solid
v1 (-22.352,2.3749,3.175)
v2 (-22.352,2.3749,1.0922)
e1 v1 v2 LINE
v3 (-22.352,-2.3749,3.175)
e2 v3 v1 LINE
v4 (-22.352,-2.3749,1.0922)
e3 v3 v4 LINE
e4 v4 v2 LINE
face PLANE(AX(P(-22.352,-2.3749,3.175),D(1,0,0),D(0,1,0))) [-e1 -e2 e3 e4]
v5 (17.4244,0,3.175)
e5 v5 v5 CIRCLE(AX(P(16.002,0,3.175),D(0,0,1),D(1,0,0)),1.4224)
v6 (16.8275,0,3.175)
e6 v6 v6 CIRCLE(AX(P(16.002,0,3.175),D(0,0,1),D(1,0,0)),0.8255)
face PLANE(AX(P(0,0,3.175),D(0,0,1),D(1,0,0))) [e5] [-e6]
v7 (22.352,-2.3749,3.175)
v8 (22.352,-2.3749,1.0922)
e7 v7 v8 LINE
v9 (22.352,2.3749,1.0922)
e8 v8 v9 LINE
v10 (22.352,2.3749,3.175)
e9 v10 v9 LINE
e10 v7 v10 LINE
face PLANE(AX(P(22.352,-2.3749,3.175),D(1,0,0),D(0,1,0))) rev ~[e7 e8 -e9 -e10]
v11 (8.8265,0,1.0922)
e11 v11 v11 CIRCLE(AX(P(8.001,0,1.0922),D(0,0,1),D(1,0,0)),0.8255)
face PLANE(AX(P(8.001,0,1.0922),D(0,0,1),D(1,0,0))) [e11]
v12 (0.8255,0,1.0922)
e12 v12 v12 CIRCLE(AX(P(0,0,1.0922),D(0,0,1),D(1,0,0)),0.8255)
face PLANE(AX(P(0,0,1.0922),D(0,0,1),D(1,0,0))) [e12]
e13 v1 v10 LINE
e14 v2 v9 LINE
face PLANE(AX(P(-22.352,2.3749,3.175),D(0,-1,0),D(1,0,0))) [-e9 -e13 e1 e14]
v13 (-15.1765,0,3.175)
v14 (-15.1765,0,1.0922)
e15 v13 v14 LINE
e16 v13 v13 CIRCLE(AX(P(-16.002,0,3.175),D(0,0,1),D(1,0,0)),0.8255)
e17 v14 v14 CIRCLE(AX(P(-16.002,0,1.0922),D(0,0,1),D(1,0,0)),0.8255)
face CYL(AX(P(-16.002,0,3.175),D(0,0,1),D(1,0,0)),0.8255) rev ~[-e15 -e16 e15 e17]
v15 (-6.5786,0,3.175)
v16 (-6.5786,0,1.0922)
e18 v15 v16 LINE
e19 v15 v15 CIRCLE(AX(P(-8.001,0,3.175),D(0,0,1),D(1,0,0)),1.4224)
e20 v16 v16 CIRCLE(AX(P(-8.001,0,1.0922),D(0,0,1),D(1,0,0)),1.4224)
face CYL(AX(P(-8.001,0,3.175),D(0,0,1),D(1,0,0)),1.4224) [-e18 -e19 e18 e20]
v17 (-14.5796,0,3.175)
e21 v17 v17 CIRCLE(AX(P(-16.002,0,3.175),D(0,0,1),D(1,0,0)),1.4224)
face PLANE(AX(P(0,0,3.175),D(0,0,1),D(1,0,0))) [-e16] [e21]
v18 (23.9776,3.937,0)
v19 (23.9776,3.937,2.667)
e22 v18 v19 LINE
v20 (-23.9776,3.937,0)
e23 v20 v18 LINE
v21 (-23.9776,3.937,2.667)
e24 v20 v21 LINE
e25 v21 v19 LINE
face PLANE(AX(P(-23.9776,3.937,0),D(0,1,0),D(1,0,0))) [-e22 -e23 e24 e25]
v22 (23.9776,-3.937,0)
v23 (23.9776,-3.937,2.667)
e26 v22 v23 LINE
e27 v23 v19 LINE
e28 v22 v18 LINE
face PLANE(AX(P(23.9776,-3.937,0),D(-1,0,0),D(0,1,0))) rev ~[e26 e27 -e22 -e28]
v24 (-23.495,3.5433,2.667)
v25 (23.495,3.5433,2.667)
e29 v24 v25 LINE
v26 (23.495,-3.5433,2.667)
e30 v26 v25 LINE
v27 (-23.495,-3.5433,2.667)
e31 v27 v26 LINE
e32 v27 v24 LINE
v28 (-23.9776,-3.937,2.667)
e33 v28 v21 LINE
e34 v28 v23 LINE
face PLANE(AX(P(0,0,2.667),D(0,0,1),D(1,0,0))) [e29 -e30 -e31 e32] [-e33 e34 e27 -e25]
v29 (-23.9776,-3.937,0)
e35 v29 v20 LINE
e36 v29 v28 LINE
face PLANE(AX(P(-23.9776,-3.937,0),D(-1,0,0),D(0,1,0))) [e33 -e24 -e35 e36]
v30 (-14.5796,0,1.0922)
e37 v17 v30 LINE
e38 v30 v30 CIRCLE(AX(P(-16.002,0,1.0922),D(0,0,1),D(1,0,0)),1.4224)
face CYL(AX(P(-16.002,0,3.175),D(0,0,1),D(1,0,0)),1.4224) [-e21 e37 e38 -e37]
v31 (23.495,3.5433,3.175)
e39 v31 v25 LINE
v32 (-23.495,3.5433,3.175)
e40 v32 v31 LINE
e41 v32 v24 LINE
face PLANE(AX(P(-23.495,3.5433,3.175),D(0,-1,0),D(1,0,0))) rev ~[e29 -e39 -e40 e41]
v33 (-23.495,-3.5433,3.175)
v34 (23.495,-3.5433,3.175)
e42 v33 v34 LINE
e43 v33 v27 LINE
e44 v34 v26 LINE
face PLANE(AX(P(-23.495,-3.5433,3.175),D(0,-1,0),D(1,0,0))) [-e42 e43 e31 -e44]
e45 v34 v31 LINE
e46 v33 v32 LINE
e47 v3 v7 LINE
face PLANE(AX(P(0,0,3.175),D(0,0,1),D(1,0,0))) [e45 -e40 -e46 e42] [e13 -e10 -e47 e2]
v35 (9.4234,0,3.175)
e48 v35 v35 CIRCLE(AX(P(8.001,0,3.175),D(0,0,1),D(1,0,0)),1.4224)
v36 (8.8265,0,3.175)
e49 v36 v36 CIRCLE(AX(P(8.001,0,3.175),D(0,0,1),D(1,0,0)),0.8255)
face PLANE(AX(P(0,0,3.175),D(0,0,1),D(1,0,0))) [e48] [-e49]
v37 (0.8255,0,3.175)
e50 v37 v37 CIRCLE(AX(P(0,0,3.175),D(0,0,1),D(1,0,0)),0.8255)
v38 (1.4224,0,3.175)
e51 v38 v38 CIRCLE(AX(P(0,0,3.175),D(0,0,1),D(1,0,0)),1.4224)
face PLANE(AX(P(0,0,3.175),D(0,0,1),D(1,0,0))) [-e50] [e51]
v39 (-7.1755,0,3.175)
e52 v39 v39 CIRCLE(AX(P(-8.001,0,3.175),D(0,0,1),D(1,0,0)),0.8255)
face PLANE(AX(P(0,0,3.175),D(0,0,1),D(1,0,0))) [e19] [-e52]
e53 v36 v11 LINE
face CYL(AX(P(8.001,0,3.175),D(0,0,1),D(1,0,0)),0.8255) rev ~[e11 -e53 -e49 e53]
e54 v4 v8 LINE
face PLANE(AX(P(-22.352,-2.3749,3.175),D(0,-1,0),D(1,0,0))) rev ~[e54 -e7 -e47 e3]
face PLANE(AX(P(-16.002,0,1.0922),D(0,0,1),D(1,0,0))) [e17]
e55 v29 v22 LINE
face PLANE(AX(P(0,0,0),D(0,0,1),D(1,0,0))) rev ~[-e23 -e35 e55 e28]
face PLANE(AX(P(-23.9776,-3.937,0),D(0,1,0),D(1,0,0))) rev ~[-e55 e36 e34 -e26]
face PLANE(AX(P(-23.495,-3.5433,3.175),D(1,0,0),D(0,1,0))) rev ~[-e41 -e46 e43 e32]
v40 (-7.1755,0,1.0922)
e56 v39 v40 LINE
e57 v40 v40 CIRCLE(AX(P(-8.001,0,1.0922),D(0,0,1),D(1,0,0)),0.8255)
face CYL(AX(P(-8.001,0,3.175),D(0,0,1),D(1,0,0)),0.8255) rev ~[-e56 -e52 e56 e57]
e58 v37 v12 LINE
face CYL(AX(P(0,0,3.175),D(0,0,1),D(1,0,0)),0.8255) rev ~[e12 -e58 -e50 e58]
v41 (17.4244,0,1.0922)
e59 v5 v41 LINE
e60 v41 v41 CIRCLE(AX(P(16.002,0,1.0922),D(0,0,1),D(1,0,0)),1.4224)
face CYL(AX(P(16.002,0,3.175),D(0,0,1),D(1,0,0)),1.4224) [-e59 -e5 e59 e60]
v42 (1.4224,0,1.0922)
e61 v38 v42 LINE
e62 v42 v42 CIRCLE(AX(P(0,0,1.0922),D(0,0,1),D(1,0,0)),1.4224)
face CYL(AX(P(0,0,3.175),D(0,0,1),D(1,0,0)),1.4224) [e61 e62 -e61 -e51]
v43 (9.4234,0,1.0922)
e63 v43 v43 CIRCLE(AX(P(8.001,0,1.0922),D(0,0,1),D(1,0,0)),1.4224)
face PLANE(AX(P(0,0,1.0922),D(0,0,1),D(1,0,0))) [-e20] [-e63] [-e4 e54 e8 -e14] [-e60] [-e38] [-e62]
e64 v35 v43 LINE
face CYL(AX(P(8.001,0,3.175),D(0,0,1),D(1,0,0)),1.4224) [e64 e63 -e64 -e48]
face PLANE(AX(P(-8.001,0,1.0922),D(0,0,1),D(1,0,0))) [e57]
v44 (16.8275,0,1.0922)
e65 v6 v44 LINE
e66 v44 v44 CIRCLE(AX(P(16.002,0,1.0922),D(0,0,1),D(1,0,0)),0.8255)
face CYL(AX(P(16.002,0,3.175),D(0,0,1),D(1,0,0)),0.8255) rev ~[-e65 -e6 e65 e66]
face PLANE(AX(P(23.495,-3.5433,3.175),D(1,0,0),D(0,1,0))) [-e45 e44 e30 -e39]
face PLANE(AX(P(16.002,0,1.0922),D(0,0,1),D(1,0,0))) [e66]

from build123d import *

# Parameters (mm, degrees)
F0_W     = 47.9552
F0_H     = 7.874
F1_DEPTH = 3.175
F2_W     = 44.704
F2_H     = 4.7498
F2_R     = 1.4224
F3_DEPTH = 2.0828
F2_R_2   = 0.8255
F4_DEPTH = 2.0828
F5_W     = 49.073476
F5_H     = 9.354642
F5_W_2   = 46.99
F5_H_2   = 7.0866
F6_DEPTH = 0.508


with BuildPart() as f1:
    # F0 (on Top) → F1 (new body)
    with BuildSketch(Plane.XY):
        Rectangle(F0_W, F0_H)
    extrude(amount=F1_DEPTH)

    # F2 (on face) → F3 (cut)
    with BuildSketch(Plane.XY.offset(3.175)):
        Rectangle(F2_W, F2_H)
        with Locations((-16.002, 0)):
            Circle(F2_R, mode=Mode.SUBTRACT)
        with Locations((-8.001, 0)):
            Circle(F2_R, mode=Mode.SUBTRACT)
        Circle(F2_R, mode=Mode.SUBTRACT)
        with Locations((8.001, 0)):
            Circle(F2_R, mode=Mode.SUBTRACT)
        with Locations((16.002, 0)):
            Circle(F2_R, mode=Mode.SUBTRACT)
    extrude(amount=-F3_DEPTH, mode=Mode.SUBTRACT)

    # F2 (on face) → F4 (cut)
    with BuildSketch(Plane.XY.offset(3.175)):
        with Locations((16.002, 0)):
            Circle(F2_R_2)
        with Locations((8.001, 0)):
            Circle(F2_R_2)
        with Locations((-8.001, 0)):
            Circle(F2_R_2)
        Circle(F2_R_2)
        with Locations((-16.002, 0)):
            Circle(F2_R_2)
    extrude(amount=-F4_DEPTH, mode=Mode.SUBTRACT)

    # F5 (on face) → F6 (cut)
    with BuildSketch(Plane.XY.offset(3.175)):
        Rectangle(F5_W, F5_H)
        Rectangle(F5_W_2, F5_H_2, mode=Mode.SUBTRACT)
    extrude(amount=-F6_DEPTH, mode=Mode.SUBTRACT)


solid = f1.part
